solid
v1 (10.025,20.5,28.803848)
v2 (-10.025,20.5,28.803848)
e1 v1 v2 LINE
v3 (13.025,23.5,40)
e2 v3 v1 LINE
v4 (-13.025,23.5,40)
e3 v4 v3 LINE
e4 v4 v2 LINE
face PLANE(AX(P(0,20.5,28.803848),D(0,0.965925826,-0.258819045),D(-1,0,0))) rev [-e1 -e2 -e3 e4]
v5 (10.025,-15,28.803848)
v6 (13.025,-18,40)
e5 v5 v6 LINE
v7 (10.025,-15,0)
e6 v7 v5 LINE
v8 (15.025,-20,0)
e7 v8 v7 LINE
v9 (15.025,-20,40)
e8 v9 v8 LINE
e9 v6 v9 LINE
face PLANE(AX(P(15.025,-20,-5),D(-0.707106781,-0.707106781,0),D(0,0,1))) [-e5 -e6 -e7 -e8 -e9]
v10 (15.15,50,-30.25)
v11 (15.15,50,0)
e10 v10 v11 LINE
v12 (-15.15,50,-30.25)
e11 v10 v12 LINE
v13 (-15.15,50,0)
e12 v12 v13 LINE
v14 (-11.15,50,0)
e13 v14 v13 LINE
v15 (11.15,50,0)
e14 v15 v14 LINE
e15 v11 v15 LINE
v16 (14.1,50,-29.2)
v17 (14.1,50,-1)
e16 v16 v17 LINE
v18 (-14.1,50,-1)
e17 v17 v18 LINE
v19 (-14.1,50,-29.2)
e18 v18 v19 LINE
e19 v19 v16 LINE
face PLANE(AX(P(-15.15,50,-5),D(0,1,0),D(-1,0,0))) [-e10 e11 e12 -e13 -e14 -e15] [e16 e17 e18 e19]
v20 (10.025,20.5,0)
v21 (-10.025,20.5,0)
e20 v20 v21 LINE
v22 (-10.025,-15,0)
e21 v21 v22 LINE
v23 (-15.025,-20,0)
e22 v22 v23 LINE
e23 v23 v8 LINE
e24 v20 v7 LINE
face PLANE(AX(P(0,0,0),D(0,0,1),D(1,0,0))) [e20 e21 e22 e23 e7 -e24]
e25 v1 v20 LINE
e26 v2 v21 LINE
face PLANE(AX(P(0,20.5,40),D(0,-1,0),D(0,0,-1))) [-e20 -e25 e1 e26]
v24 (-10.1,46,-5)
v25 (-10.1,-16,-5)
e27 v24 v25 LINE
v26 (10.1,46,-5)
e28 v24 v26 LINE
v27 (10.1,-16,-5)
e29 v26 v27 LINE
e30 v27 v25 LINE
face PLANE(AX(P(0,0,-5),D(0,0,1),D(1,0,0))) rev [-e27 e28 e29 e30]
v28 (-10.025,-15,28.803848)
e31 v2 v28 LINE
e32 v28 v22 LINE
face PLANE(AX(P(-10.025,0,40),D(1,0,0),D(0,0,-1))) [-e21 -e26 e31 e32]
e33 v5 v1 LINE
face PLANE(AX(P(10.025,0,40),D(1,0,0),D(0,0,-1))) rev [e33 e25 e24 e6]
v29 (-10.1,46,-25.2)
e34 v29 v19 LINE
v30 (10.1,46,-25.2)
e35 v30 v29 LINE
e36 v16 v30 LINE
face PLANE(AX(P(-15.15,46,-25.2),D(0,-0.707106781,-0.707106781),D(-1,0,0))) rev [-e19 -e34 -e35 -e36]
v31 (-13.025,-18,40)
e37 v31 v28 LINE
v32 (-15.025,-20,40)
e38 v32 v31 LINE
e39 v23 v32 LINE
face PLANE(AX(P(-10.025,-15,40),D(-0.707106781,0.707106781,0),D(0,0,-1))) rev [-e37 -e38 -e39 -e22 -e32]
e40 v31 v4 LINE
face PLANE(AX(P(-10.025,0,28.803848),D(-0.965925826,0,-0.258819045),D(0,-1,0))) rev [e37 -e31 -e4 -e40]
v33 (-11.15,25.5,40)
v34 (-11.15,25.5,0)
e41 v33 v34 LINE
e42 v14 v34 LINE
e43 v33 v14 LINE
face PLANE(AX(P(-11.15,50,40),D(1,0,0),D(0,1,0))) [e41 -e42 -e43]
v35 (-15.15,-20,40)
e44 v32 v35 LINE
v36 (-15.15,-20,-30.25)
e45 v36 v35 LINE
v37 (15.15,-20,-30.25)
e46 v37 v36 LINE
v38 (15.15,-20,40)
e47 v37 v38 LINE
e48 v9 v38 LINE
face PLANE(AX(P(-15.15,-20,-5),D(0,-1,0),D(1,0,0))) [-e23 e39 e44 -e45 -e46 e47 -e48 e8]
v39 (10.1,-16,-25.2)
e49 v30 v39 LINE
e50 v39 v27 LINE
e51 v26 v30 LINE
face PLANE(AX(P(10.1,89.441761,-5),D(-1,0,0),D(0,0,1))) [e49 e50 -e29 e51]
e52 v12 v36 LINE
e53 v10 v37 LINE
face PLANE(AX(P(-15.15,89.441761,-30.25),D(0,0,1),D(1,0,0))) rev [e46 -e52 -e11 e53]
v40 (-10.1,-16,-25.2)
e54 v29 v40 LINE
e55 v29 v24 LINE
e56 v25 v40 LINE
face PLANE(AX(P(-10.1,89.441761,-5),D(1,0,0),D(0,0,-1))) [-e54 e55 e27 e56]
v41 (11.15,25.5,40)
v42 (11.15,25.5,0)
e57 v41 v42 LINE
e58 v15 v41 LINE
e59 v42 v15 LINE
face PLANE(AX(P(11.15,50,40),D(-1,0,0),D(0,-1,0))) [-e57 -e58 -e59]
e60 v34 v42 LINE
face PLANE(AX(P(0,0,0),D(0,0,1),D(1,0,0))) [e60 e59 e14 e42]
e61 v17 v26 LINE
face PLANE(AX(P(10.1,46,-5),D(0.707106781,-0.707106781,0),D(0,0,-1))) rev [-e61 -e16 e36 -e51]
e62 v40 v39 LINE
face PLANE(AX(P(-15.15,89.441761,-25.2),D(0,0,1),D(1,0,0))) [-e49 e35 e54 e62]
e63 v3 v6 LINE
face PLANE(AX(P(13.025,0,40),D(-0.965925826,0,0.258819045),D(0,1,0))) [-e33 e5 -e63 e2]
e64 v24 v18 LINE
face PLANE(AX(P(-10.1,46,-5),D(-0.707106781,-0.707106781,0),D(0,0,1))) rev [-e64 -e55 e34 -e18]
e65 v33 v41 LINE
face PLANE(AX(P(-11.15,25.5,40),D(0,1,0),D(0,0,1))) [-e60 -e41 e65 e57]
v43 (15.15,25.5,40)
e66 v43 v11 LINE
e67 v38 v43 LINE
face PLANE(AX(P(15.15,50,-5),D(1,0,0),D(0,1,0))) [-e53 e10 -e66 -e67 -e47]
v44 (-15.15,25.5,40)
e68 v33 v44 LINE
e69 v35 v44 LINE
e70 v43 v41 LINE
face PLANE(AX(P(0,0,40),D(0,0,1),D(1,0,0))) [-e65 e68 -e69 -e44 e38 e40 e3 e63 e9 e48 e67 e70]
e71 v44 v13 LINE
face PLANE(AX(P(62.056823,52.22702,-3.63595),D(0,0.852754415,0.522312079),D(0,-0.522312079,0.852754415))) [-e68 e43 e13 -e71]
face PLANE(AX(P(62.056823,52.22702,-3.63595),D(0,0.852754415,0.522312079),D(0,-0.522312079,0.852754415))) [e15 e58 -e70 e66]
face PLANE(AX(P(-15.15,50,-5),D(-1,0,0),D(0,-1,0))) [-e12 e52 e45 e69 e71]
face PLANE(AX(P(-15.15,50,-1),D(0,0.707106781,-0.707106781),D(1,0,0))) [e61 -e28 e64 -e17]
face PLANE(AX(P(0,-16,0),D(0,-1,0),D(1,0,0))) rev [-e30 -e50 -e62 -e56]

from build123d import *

# Parameters (mm, degrees)
CROQUIS2_W              = 30.3
CROQUIS2_H              = 70
SALIENTE_EXTRUIR2_DEPTH = 5
SALIENTE_EXTRUIR3_START = -20
SALIENTE_EXTRUIR3_DEPTH = 70
SALIENTE_EXTRUIR4_START = -20
CROQUIS4_W              = 20.2
CROQUIS4_H              = 20.2
SALIENTE_EXTRUIR4_DEPTH = 4
CHAFL_N4_SIZE           = 4
CROQUIS6_W              = 30.3
CROQUIS6_H              = 5
CROQUIS6_W_2            = 5.125
CROQUIS6_H_2            = 40.5
SALIENTE_EXTRUIR6_DEPTH = 40
SALIENTE_EXTRUIR7_START = -15.15
SALIENTE_EXTRUIR7_DEPTH = 30.3
CROQUIS8_W              = 22.3
CROQUIS8_H              = 24.5
CORTAR_EXTRUIR1_DEPTH   = 40
CHAFL_N7_SIZE           = 3
CHAFL_N7_SIZE2          = 11.196152423
CHAFL_N9_SIZE           = 5


with BuildPart() as part:
    # Croquis2 → Saliente-Extruir2 (new body)
    with BuildSketch(Plane.XY):
        with Locations((0, 15)):
            Rectangle(CROQUIS2_W, CROQUIS2_H)
    extrude(amount=-SALIENTE_EXTRUIR2_DEPTH)

    # Croquis3 → Saliente-Extruir3 (add)
    with BuildSketch(Plane(origin=(0, 0, 0), x_dir=(1, 0, 0), z_dir=(0, 1, 0)).offset(SALIENTE_EXTRUIR3_START)):
        Polygon((-15.15, 30.25), (-15.15, 5), (-10.1, 5), (-10.1, 25.2), (10.1, 25.2), (10.1, 5), (15.15, 5), (15.15, 30.25), align=None)
    extrude(amount=SALIENTE_EXTRUIR3_DEPTH)

    # Croquis4 → Saliente-Extruir4 (add)
    with BuildSketch(Plane(origin=(0, 0, 0), x_dir=(1, 0, 0), z_dir=(0, 1, 0)).offset(SALIENTE_EXTRUIR4_START)):
        with Locations((0, 15.1)):
            Rectangle(CROQUIS4_W, CROQUIS4_H)
    extrude(amount=SALIENTE_EXTRUIR4_DEPTH)

    # Chaflán4
    chafl_n4_edges = [part.edges().sort_by_distance(p)[0] for p in [
        (0, 50, -5),
        (10.1, 50, -15.1),
        (0, 50, -25.2),
        (-10.1, 50, -15.1),
    ]]
    chamfer(chafl_n4_edges, length=CHAFL_N4_SIZE)

    # Croquis6 → Saliente-Extruir6 (add)
    with BuildSketch(Plane.XY):
        with Locations((0, 23)):
            Rectangle(CROQUIS6_W, CROQUIS6_H)
        with Locations((-12.5875, 0.25)):
            Rectangle(CROQUIS6_W_2, CROQUIS6_H_2)
        with Locations((12.5875, 0.25)):
            Rectangle(CROQUIS6_W_2, CROQUIS6_H_2)
    extrude(amount=SALIENTE_EXTRUIR6_DEPTH)

    # Croquis7 → Saliente-Extruir7 (add)
    with BuildSketch(Plane(origin=(0, 0, 0), x_dir=(0, 0, -1), z_dir=(1, 0, 0)).offset(SALIENTE_EXTRUIR7_START)):
        Polygon((-40, 25.5), (0, 50), (0, 25.5), align=None)
    extrude(amount=SALIENTE_EXTRUIR7_DEPTH)

    # Croquis8 → Cortar-Extruir1 (cut)
    with BuildSketch(Plane.XY):
        with Locations((0, 37.75)):
            Rectangle(CROQUIS8_W, CROQUIS8_H)
    extrude(amount=CORTAR_EXTRUIR1_DEPTH, mode=Mode.SUBTRACT)

    # Chaflán7
    chafl_n7_edges = [part.edges().sort_by_distance(p)[0] for p in [
        (-10.025, 0.25, 40),
        (0, 20.5, 40),
        (10.025, 0.25, 40),
    ]]
    chafl_n7_side = [part.faces().sort_by_distance(p)[0] for p in [
        (14.603342886, 2.75, 40),
    ]]
    chamfer(chafl_n7_edges, length=CHAFL_N7_SIZE, length2=CHAFL_N7_SIZE2, reference=chafl_n7_side[0])

    # Chaflán9
    chafl_n9_edges = [part.edges().sort_by_distance(p)[0] for p in [
        (10.025, -20, 14.401923789),
        (-10.025, -20, 14.401923789),
    ]]
    chamfer(chafl_n9_edges, length=CHAFL_N9_SIZE)


solid = part.part
